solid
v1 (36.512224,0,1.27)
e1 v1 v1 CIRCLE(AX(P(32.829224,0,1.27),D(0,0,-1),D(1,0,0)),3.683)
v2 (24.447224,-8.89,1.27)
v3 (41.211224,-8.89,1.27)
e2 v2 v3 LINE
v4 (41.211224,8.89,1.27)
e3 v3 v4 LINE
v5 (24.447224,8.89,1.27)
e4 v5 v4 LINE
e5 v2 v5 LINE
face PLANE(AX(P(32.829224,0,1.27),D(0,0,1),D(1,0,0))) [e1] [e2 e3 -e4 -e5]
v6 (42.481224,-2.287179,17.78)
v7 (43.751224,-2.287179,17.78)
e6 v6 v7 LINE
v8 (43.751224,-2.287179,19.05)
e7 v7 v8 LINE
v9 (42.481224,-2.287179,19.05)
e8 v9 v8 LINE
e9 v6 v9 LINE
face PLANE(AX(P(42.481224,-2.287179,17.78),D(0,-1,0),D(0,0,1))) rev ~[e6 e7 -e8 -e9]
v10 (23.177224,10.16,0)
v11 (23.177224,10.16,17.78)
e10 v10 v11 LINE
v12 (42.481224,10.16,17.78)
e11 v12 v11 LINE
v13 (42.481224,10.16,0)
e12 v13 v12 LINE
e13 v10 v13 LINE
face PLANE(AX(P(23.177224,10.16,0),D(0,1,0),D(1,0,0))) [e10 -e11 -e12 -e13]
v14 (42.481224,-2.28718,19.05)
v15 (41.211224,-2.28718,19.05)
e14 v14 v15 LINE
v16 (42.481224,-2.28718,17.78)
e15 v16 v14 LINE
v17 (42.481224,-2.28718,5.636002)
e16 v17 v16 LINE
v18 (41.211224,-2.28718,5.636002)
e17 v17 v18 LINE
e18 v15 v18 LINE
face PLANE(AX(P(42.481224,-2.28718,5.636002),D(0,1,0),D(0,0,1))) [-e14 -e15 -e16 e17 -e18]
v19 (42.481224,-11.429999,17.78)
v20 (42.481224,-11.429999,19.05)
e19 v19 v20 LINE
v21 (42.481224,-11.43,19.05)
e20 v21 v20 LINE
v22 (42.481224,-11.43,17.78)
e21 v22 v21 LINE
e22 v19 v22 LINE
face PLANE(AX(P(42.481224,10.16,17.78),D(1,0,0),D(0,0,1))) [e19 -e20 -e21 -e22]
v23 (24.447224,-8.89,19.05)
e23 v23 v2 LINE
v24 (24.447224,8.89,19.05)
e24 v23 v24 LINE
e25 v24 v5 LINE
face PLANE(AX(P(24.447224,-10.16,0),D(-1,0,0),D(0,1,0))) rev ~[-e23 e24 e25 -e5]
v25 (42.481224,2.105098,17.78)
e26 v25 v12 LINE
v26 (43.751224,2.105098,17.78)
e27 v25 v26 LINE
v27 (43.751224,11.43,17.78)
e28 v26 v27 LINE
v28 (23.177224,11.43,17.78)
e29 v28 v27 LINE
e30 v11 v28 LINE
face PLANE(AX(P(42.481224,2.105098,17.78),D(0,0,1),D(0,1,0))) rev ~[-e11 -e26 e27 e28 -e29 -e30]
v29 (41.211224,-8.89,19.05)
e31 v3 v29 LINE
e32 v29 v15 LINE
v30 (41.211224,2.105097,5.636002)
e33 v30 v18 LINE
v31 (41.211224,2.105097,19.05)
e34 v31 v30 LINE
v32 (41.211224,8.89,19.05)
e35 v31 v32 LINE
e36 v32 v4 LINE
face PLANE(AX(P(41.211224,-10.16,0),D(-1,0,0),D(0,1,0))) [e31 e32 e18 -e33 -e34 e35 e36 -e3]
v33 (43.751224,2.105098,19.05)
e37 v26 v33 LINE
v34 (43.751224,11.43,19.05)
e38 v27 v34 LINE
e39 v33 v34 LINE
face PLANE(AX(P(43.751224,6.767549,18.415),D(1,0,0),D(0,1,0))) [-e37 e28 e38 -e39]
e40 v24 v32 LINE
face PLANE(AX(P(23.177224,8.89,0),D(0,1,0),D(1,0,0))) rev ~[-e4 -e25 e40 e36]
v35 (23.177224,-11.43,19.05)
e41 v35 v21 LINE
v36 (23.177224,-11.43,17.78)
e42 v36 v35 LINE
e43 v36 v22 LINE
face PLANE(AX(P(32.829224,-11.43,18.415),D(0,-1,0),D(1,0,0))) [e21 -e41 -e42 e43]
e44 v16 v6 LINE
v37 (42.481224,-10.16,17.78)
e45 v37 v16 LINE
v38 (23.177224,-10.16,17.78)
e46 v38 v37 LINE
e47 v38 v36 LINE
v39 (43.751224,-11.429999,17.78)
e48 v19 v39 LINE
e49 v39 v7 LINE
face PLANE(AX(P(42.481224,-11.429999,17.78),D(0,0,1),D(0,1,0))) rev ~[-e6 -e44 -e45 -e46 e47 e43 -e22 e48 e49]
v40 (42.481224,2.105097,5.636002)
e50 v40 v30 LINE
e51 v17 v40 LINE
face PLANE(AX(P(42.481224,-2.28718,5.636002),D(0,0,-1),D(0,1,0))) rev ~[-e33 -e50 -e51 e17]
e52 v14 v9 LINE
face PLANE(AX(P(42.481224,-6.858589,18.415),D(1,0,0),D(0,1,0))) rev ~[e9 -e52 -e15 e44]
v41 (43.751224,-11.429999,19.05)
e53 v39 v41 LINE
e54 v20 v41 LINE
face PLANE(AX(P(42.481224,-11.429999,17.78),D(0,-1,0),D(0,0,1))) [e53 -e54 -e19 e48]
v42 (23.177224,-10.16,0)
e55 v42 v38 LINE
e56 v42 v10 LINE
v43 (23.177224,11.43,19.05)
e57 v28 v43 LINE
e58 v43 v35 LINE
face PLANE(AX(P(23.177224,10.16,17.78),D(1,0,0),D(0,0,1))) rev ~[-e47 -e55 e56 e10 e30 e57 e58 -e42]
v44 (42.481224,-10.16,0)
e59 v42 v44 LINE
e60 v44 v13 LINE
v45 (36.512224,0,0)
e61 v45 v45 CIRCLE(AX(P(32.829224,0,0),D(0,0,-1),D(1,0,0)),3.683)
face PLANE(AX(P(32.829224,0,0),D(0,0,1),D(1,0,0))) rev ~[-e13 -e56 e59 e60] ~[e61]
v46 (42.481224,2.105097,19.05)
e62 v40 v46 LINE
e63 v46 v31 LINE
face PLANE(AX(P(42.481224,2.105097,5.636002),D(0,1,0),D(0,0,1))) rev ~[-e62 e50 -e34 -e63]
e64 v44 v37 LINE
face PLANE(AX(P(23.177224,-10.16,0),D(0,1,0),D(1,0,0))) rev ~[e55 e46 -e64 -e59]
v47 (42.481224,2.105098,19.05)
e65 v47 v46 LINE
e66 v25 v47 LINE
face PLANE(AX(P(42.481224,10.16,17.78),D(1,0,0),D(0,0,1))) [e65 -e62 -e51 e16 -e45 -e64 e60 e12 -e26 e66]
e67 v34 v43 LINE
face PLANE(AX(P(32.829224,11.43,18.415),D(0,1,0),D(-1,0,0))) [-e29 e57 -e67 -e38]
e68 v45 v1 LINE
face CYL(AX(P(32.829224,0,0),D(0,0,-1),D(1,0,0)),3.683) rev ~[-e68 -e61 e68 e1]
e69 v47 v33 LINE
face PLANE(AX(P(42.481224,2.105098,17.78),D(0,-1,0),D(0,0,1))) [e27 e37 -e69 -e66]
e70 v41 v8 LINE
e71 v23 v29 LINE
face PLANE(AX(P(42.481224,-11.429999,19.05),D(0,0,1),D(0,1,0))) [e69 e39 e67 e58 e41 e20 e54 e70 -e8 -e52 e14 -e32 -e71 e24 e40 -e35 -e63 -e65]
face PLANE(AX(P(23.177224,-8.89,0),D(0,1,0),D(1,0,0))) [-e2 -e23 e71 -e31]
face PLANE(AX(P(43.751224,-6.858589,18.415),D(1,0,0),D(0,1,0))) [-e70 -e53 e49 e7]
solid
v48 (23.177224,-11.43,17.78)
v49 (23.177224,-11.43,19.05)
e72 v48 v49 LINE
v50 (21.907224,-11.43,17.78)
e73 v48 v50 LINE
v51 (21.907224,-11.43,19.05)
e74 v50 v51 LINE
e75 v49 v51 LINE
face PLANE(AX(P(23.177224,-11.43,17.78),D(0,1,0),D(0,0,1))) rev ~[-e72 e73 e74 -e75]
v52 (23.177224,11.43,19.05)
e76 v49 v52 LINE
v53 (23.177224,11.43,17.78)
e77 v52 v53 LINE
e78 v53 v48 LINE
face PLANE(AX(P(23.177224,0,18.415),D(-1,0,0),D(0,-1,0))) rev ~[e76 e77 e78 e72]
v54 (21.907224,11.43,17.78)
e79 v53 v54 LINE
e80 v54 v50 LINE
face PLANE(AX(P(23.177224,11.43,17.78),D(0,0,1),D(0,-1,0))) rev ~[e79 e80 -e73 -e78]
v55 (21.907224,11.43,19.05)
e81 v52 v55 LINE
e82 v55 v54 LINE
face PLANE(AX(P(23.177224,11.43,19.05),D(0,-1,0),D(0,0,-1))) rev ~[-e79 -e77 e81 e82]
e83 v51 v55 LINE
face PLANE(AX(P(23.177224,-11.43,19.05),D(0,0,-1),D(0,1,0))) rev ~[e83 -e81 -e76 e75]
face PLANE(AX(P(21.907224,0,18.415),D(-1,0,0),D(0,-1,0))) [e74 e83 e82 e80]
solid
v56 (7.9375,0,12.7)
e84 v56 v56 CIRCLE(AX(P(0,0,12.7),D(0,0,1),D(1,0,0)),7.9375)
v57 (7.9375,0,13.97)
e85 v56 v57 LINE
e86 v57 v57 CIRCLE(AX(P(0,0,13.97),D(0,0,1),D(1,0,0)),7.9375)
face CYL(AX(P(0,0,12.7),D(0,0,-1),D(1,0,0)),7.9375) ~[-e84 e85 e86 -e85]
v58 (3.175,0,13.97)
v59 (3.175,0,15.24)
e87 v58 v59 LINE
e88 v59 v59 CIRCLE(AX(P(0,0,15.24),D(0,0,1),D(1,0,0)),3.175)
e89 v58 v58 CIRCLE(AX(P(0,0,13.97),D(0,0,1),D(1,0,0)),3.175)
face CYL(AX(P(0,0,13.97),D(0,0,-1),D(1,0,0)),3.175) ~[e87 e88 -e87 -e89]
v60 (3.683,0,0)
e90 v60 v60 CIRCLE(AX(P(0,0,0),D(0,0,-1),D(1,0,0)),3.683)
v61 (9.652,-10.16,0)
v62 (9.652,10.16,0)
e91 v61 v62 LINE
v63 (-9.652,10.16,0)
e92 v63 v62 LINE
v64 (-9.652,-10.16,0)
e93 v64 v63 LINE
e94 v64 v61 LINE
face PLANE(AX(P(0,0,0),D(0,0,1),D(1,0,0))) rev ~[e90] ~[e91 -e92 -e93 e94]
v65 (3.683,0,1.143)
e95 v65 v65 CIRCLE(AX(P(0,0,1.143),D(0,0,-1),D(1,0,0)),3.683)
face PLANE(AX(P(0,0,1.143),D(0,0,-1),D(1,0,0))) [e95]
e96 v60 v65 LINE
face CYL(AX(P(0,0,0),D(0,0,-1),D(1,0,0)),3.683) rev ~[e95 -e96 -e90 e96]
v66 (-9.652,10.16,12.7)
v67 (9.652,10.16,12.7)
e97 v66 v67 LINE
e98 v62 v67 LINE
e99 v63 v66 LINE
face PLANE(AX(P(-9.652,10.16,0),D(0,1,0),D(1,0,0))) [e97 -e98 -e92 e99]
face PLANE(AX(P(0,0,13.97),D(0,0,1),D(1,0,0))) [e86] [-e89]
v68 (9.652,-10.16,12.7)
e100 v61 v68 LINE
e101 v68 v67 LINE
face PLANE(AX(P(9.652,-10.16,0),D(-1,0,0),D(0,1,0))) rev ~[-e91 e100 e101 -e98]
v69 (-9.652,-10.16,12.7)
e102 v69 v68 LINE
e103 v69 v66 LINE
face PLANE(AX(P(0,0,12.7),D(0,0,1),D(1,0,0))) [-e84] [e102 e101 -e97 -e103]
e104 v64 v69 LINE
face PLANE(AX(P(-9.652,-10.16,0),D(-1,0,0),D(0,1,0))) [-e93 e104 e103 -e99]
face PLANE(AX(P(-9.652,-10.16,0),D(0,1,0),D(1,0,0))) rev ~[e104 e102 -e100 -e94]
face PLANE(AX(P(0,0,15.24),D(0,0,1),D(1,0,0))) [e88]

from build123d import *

# Parameters (mm, degrees)
F0_W      = 19.304
F0_H      = 20.32
F1_DEPTH  = 12.7
F2_R      = 7.9375
F3_DEPTH  = 1.27
F4_R      = 3.175
F5_DEPTH  = 1.27
F6_R      = 3.683
F7_DEPTH  = 1.143
F8_W      = 19.304
F8_H      = 20.32
F9_DEPTH  = 19.05
F10_T     = -1.27
F11_W     = 4.392277
F11_H     = 13.413998
F12_DEPTH = 1.778
F13_R     = 3.683
F14_DEPTH = 5.08
F15_W     = 19.304
F15_H     = 1.27
F16_DEPTH = 1.27
F17_W     = 19.304
F17_H     = 1.27
F18_DEPTH = 1.27
F20_DEPTH = 1.27
F21_W     = 9.142821
F21_H     = 1.27
F21_W_2   = 9.324902
F22_DEPTH = 1.27


with BuildPart() as f1:
    # F0 (on Top) → F1 (new body)
    with BuildSketch(Plane.XY):
        Rectangle(F0_W, F0_H)
    extrude(amount=F1_DEPTH)

    # F2 (on face) → F3 (join)
    with BuildSketch(Plane.XY.offset(12.7)):
        Circle(F2_R)
    extrude(amount=F3_DEPTH)

    # F4 (on face) → F5 (join)
    with BuildSketch(Plane.XY.offset(13.97)):
        Circle(F4_R)
    extrude(amount=F5_DEPTH)

    # F6 (on face) → F7 (cut)
    with BuildSketch(Plane(origin=(0, 0, 0), x_dir=(1, 0, 0), z_dir=(0, 0, -1))):
        Circle(F6_R)
    extrude(amount=-F7_DEPTH, mode=Mode.SUBTRACT)


with BuildPart() as f9:
    # F8 (on Top) → F9 (new body)
    with BuildSketch(Plane.XY):
        with Locations((32.829224, 0)):
            Rectangle(F8_W, F8_H)
    extrude(amount=F9_DEPTH)

    # F10
    f10_openings = [f9.faces().sort_by_distance(p)[0] for p in [
        (32.829224, 0, 19.05),
    ]]
    offset(amount=F10_T, openings=f10_openings)

    # F11 (on face) → F12 (cut)
    with BuildSketch(Plane.YZ.offset(42.481224)):
        with Locations((-0.091041, 12.343001)):
            Rectangle(F11_W, F11_H)
    extrude(amount=-F12_DEPTH, mode=Mode.SUBTRACT)

    # F13 (on face) → F14 (cut)
    with BuildSketch(Plane(origin=(0, 0, 0), x_dir=(1, 0, 0), z_dir=(0, 0, -1))):
        with Locations((32.829224, 0)):
            Circle(F13_R)
    extrude(amount=-F14_DEPTH, mode=Mode.SUBTRACT)

    # F15 (on face) → F16 (join)
    with BuildSketch(Plane.XZ.offset(10.16)):
        with Locations((32.829224, 18.415)):
            Rectangle(F15_W, F15_H)
    extrude(amount=F16_DEPTH)

    # F17 (on face) → F18 (join)
    with BuildSketch(Plane(origin=(0, 10.16, 0), x_dir=(-1, 0, 0), z_dir=(0, 1, 0))):
        with Locations((-32.829224, 18.415)):
            Rectangle(F17_W, F17_H)
    extrude(amount=F18_DEPTH)

    # F21 (on face) → F22 (join)
    with BuildSketch(Plane.YZ.offset(42.481224)):
        with Locations((-6.858589, 18.415)):
            Rectangle(F21_W, F21_H)
        with Locations((6.767549, 18.415)):
            Rectangle(F21_W_2, F21_H)
    extrude(amount=F22_DEPTH)


with BuildPart() as f20:
    # F19 (on face) → F20 (new body)
    with BuildSketch(Plane(origin=(23.177224, 0, 0), x_dir=(0, -1, 0), z_dir=(-1, 0, 0))):
        Polygon((11.43, 19.05), (-11.43, 19.05), (-11.43, 17.78), (-10.16, 17.78), (10.16, 17.78), (11.43, 17.78), align=None)
    extrude(amount=F20_DEPTH)


solid = Compound([f1.part, f9.part, f20.part])
